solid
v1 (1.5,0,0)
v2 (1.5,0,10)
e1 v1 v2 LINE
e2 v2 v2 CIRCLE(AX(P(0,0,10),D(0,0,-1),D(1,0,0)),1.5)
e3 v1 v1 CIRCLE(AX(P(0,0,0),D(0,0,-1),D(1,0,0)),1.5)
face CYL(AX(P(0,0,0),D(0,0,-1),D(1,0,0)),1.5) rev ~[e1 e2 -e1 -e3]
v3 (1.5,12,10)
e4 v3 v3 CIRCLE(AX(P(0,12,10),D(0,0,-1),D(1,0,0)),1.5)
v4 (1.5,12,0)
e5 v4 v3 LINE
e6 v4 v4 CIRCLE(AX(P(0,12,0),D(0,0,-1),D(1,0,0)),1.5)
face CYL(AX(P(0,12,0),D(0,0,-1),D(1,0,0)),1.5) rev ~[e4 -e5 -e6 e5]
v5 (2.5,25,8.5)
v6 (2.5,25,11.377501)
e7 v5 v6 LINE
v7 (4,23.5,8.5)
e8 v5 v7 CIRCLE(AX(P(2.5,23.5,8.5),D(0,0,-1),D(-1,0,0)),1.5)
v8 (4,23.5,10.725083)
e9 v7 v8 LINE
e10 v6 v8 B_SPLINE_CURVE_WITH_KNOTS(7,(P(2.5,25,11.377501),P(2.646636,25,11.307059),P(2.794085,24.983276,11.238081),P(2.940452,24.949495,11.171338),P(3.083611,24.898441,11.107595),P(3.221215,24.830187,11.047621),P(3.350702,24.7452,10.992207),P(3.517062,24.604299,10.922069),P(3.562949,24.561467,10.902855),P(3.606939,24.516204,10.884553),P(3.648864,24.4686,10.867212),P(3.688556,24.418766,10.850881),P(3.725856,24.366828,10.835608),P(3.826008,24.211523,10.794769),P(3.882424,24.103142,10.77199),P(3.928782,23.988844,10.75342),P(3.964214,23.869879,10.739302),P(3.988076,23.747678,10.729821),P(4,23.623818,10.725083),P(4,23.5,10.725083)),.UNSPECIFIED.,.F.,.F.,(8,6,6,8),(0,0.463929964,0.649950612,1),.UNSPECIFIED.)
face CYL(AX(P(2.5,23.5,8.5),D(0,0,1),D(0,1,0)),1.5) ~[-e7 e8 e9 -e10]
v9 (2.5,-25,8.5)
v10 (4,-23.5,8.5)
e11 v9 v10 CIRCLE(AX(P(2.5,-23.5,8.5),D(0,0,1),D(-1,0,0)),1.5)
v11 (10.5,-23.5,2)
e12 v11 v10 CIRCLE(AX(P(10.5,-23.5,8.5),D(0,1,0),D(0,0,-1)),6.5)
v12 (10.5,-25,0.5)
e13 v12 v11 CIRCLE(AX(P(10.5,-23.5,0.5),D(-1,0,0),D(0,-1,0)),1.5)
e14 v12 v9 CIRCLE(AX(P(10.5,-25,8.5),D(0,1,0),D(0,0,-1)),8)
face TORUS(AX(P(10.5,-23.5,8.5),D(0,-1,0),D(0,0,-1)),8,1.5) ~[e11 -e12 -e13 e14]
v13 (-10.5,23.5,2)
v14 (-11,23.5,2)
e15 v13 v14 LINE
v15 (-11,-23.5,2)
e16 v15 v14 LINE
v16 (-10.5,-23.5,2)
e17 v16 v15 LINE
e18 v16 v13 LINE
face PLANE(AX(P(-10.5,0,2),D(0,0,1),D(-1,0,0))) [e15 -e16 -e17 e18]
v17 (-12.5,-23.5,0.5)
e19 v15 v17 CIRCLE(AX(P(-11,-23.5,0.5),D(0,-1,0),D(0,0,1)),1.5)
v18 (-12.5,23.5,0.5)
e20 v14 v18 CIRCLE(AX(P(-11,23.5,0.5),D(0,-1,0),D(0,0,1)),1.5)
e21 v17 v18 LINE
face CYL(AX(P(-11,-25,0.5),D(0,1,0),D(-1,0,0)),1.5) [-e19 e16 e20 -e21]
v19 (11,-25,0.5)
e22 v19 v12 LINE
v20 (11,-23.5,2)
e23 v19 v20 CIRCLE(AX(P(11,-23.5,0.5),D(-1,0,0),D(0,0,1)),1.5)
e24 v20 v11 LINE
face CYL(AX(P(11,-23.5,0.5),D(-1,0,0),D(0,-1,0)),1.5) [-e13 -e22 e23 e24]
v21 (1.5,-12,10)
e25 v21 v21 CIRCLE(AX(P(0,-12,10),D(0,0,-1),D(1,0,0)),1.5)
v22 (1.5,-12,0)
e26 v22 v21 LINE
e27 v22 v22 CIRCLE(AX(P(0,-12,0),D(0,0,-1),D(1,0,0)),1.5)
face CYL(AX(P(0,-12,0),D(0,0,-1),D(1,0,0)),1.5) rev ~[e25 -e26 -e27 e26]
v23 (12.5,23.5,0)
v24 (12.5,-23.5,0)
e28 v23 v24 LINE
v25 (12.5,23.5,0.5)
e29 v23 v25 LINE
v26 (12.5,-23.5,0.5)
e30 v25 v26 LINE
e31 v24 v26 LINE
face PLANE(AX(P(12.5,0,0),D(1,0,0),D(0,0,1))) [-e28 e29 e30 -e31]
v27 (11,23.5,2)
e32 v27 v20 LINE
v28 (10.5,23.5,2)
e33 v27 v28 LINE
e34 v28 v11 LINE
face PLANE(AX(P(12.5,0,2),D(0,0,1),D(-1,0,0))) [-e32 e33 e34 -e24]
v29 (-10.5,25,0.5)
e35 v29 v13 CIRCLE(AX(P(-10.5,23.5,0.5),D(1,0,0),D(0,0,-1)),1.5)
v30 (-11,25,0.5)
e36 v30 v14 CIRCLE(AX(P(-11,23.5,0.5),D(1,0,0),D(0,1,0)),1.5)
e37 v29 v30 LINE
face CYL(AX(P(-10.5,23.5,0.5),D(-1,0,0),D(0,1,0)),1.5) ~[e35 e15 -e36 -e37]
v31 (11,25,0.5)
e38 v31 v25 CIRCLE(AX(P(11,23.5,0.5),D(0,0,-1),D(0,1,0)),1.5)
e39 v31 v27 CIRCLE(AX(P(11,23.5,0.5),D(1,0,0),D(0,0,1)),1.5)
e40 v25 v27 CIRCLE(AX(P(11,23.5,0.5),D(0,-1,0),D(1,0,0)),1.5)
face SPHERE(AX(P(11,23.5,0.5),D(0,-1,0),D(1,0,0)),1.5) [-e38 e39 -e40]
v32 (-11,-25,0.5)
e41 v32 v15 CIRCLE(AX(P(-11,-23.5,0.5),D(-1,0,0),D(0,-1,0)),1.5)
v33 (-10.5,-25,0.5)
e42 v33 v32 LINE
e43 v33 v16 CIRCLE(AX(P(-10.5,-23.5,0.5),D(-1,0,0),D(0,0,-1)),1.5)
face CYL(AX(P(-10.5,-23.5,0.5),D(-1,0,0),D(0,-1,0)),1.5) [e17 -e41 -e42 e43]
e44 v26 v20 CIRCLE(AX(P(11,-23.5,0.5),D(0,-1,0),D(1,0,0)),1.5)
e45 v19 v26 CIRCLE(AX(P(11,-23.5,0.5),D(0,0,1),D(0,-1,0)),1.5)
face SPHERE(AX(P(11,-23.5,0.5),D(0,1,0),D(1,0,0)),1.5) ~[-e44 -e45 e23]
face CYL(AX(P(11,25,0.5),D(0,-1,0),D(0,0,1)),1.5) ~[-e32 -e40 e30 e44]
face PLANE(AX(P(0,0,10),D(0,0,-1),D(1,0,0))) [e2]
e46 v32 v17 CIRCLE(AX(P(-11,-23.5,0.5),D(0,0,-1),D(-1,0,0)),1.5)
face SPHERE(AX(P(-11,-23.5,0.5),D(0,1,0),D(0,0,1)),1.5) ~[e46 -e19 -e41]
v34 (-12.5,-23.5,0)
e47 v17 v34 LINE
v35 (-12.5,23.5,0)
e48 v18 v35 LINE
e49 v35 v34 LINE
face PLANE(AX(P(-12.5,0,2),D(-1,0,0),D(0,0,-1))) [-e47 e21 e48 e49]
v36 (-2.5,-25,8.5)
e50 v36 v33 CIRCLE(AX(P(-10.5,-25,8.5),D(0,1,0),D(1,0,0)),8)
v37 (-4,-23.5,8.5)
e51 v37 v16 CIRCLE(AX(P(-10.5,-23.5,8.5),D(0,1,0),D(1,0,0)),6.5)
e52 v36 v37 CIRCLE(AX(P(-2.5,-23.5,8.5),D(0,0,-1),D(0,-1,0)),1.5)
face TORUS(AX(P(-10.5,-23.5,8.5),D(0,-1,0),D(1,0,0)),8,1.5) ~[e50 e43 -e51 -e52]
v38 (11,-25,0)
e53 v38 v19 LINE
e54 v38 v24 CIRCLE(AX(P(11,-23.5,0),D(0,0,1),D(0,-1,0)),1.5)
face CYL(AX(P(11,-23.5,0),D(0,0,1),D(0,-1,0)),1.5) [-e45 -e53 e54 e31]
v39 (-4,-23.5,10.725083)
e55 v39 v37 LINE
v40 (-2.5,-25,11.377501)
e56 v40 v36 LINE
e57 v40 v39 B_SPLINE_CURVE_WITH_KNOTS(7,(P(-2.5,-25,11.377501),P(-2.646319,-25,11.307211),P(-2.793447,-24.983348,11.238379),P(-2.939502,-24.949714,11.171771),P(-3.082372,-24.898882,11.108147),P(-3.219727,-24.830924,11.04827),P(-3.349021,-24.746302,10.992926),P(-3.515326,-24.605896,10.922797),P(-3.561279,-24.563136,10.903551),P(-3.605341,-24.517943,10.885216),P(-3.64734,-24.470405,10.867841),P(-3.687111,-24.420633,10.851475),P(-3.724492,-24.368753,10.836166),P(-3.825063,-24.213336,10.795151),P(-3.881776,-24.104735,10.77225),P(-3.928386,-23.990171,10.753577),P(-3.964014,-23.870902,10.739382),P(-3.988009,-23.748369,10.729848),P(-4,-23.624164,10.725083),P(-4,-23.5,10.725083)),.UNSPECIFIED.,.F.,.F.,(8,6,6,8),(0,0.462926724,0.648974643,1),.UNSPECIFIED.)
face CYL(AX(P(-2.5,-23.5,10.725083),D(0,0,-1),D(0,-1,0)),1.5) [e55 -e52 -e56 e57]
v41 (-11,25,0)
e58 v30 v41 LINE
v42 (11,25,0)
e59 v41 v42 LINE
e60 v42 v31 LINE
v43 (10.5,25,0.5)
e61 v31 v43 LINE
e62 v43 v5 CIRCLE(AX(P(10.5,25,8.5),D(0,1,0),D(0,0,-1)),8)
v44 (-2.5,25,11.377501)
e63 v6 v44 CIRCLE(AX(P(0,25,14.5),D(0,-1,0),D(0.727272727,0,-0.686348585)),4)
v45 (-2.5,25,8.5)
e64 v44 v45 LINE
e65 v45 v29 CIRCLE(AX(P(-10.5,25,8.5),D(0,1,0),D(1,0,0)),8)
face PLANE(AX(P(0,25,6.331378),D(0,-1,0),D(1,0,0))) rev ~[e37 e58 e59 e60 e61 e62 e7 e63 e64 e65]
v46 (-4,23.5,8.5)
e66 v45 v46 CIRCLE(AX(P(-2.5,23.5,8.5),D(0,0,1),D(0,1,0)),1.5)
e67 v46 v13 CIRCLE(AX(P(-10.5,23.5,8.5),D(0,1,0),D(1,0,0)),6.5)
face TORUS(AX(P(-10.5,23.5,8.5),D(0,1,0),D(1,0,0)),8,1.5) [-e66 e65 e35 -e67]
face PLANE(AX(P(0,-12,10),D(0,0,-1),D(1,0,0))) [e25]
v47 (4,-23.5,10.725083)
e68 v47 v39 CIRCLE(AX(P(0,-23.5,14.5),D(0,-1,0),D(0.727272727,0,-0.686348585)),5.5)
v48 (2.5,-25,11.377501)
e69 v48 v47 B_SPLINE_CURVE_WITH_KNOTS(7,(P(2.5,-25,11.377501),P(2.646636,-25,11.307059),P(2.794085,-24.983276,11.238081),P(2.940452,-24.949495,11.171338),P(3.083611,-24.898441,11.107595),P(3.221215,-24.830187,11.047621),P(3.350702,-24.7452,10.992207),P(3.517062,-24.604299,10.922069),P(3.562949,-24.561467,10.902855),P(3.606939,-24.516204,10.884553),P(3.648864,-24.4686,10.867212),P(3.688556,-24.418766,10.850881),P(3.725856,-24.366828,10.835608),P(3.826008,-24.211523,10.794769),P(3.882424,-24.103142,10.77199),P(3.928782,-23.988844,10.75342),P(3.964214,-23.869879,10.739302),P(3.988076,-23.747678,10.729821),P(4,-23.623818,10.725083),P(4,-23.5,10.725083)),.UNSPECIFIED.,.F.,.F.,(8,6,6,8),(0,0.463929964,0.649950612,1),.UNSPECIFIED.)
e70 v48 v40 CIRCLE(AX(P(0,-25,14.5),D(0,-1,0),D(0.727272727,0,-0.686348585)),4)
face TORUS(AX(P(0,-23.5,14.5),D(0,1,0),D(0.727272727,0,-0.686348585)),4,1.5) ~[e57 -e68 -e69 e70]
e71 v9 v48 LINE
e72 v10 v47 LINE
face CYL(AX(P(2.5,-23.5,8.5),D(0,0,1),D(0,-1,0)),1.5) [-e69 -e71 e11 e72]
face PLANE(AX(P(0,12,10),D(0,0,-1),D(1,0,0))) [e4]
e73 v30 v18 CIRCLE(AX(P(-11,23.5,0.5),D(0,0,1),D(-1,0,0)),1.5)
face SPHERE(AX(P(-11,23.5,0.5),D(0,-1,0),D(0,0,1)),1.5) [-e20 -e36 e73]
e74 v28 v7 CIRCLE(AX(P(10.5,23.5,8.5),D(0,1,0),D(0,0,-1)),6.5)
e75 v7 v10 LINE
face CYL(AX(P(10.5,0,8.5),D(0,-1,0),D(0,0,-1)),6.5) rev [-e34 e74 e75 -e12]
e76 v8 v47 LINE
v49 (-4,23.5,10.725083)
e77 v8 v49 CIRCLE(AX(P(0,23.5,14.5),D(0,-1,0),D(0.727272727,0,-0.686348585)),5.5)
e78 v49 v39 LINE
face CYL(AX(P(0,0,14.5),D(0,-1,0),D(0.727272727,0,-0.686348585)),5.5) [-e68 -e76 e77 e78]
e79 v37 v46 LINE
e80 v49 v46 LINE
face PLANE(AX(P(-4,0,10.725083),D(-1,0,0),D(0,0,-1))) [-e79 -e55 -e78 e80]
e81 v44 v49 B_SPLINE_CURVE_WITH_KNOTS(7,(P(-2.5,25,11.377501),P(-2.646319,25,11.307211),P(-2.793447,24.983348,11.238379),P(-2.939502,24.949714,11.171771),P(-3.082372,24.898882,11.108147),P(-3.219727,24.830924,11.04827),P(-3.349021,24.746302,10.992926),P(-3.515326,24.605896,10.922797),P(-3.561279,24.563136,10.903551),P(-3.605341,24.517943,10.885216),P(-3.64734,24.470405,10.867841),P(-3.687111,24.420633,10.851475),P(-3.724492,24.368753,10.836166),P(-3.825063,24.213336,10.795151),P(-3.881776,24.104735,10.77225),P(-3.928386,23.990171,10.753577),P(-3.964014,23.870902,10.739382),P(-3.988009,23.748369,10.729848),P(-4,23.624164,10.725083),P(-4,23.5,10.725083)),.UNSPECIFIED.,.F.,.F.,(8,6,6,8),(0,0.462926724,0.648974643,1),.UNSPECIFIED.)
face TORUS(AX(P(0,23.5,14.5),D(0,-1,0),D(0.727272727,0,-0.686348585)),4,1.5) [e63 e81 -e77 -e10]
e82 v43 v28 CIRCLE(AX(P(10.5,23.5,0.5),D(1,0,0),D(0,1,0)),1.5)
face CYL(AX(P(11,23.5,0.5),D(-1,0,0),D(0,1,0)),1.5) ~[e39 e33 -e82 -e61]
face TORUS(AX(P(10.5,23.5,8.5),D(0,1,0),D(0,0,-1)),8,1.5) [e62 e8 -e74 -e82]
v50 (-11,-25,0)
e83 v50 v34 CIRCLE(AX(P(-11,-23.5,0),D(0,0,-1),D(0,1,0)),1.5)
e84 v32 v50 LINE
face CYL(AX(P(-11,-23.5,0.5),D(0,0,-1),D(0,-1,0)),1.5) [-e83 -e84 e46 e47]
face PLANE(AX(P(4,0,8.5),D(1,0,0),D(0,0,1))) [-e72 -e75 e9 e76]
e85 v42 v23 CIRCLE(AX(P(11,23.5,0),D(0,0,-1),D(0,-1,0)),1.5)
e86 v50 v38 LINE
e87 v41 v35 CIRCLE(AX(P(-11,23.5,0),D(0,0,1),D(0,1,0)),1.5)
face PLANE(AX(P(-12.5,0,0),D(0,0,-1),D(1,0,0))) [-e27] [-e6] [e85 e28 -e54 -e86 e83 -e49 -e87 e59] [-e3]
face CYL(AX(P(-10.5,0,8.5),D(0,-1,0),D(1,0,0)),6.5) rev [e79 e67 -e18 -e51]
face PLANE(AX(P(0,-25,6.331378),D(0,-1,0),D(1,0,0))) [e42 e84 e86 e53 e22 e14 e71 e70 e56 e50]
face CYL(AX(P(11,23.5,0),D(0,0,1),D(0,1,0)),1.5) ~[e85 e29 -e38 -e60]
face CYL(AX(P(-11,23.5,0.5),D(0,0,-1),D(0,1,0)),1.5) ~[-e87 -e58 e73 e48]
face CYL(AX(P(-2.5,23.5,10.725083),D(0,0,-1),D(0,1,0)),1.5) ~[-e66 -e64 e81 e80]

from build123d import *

# Parameters (mm, degrees)
F1_DEPTH = 25
F2_R     = 1.5
F3_R     = 1.5
F4_R     = 1.5
F5_DEPTH = 10


with BuildPart() as f1:
    # F0 (on Front) → F1 (new body, symmetric)
    with BuildSketch(Plane.XZ):
        with BuildLine():
            Line((-12.5, 2), (-12.5, 0))
            Line((-12.5, 0), (12.5, 0))
            Line((12.5, 0), (12.5, 2))
            Line((12.5, 2), (10.5, 2))
            ThreePointArc((10.5, 2), (5.9038059223, 3.9038059223), (4, 8.5))
            Line((4, 8.5), (4, 10.7250827824))
            ThreePointArc((4, 10.7250827824), (0, 20), (-4, 10.7250827824))
            Line((-4, 10.7250827824), (-4, 8.5))
            ThreePointArc((-4, 8.5), (-5.9038059223, 3.9038059223), (-10.5, 2))
            Line((-10.5, 2), (-12.5, 2))
        make_face()
    extrude(amount=F1_DEPTH, both=True)

    # F2
    f2_edges = [f1.edges().sort_by_distance(p)[0] for p in [
        (12.5, 0, 2),
        (-12.5, 0, 2),
    ]]
    fillet(f2_edges, radius=F2_R)

    # F3
    f3_edges = [f1.edges().sort_by_distance(p)[0] for p in [
        (0, -25, 20),
        (4, -25, 9.612541),
        (-4, -25, 9.612541),
        (0, 25, 20),
        (4, 25, 9.612541),
        (-5.903806, 25, 3.903806),
    ]]
    fillet(f3_edges, radius=F3_R)

    # F4 (on face) → F5 (cut)
    with BuildSketch(Plane(origin=(0, 0, 0), x_dir=(1, 0, 0), z_dir=(0, 0, -1))):
        Circle(F4_R)
        with Locations((0, 12)):
            Circle(F4_R)
        with Locations((0, -12)):
            Circle(F4_R)
    extrude(amount=-F5_DEPTH, mode=Mode.SUBTRACT)


solid = f1.part
